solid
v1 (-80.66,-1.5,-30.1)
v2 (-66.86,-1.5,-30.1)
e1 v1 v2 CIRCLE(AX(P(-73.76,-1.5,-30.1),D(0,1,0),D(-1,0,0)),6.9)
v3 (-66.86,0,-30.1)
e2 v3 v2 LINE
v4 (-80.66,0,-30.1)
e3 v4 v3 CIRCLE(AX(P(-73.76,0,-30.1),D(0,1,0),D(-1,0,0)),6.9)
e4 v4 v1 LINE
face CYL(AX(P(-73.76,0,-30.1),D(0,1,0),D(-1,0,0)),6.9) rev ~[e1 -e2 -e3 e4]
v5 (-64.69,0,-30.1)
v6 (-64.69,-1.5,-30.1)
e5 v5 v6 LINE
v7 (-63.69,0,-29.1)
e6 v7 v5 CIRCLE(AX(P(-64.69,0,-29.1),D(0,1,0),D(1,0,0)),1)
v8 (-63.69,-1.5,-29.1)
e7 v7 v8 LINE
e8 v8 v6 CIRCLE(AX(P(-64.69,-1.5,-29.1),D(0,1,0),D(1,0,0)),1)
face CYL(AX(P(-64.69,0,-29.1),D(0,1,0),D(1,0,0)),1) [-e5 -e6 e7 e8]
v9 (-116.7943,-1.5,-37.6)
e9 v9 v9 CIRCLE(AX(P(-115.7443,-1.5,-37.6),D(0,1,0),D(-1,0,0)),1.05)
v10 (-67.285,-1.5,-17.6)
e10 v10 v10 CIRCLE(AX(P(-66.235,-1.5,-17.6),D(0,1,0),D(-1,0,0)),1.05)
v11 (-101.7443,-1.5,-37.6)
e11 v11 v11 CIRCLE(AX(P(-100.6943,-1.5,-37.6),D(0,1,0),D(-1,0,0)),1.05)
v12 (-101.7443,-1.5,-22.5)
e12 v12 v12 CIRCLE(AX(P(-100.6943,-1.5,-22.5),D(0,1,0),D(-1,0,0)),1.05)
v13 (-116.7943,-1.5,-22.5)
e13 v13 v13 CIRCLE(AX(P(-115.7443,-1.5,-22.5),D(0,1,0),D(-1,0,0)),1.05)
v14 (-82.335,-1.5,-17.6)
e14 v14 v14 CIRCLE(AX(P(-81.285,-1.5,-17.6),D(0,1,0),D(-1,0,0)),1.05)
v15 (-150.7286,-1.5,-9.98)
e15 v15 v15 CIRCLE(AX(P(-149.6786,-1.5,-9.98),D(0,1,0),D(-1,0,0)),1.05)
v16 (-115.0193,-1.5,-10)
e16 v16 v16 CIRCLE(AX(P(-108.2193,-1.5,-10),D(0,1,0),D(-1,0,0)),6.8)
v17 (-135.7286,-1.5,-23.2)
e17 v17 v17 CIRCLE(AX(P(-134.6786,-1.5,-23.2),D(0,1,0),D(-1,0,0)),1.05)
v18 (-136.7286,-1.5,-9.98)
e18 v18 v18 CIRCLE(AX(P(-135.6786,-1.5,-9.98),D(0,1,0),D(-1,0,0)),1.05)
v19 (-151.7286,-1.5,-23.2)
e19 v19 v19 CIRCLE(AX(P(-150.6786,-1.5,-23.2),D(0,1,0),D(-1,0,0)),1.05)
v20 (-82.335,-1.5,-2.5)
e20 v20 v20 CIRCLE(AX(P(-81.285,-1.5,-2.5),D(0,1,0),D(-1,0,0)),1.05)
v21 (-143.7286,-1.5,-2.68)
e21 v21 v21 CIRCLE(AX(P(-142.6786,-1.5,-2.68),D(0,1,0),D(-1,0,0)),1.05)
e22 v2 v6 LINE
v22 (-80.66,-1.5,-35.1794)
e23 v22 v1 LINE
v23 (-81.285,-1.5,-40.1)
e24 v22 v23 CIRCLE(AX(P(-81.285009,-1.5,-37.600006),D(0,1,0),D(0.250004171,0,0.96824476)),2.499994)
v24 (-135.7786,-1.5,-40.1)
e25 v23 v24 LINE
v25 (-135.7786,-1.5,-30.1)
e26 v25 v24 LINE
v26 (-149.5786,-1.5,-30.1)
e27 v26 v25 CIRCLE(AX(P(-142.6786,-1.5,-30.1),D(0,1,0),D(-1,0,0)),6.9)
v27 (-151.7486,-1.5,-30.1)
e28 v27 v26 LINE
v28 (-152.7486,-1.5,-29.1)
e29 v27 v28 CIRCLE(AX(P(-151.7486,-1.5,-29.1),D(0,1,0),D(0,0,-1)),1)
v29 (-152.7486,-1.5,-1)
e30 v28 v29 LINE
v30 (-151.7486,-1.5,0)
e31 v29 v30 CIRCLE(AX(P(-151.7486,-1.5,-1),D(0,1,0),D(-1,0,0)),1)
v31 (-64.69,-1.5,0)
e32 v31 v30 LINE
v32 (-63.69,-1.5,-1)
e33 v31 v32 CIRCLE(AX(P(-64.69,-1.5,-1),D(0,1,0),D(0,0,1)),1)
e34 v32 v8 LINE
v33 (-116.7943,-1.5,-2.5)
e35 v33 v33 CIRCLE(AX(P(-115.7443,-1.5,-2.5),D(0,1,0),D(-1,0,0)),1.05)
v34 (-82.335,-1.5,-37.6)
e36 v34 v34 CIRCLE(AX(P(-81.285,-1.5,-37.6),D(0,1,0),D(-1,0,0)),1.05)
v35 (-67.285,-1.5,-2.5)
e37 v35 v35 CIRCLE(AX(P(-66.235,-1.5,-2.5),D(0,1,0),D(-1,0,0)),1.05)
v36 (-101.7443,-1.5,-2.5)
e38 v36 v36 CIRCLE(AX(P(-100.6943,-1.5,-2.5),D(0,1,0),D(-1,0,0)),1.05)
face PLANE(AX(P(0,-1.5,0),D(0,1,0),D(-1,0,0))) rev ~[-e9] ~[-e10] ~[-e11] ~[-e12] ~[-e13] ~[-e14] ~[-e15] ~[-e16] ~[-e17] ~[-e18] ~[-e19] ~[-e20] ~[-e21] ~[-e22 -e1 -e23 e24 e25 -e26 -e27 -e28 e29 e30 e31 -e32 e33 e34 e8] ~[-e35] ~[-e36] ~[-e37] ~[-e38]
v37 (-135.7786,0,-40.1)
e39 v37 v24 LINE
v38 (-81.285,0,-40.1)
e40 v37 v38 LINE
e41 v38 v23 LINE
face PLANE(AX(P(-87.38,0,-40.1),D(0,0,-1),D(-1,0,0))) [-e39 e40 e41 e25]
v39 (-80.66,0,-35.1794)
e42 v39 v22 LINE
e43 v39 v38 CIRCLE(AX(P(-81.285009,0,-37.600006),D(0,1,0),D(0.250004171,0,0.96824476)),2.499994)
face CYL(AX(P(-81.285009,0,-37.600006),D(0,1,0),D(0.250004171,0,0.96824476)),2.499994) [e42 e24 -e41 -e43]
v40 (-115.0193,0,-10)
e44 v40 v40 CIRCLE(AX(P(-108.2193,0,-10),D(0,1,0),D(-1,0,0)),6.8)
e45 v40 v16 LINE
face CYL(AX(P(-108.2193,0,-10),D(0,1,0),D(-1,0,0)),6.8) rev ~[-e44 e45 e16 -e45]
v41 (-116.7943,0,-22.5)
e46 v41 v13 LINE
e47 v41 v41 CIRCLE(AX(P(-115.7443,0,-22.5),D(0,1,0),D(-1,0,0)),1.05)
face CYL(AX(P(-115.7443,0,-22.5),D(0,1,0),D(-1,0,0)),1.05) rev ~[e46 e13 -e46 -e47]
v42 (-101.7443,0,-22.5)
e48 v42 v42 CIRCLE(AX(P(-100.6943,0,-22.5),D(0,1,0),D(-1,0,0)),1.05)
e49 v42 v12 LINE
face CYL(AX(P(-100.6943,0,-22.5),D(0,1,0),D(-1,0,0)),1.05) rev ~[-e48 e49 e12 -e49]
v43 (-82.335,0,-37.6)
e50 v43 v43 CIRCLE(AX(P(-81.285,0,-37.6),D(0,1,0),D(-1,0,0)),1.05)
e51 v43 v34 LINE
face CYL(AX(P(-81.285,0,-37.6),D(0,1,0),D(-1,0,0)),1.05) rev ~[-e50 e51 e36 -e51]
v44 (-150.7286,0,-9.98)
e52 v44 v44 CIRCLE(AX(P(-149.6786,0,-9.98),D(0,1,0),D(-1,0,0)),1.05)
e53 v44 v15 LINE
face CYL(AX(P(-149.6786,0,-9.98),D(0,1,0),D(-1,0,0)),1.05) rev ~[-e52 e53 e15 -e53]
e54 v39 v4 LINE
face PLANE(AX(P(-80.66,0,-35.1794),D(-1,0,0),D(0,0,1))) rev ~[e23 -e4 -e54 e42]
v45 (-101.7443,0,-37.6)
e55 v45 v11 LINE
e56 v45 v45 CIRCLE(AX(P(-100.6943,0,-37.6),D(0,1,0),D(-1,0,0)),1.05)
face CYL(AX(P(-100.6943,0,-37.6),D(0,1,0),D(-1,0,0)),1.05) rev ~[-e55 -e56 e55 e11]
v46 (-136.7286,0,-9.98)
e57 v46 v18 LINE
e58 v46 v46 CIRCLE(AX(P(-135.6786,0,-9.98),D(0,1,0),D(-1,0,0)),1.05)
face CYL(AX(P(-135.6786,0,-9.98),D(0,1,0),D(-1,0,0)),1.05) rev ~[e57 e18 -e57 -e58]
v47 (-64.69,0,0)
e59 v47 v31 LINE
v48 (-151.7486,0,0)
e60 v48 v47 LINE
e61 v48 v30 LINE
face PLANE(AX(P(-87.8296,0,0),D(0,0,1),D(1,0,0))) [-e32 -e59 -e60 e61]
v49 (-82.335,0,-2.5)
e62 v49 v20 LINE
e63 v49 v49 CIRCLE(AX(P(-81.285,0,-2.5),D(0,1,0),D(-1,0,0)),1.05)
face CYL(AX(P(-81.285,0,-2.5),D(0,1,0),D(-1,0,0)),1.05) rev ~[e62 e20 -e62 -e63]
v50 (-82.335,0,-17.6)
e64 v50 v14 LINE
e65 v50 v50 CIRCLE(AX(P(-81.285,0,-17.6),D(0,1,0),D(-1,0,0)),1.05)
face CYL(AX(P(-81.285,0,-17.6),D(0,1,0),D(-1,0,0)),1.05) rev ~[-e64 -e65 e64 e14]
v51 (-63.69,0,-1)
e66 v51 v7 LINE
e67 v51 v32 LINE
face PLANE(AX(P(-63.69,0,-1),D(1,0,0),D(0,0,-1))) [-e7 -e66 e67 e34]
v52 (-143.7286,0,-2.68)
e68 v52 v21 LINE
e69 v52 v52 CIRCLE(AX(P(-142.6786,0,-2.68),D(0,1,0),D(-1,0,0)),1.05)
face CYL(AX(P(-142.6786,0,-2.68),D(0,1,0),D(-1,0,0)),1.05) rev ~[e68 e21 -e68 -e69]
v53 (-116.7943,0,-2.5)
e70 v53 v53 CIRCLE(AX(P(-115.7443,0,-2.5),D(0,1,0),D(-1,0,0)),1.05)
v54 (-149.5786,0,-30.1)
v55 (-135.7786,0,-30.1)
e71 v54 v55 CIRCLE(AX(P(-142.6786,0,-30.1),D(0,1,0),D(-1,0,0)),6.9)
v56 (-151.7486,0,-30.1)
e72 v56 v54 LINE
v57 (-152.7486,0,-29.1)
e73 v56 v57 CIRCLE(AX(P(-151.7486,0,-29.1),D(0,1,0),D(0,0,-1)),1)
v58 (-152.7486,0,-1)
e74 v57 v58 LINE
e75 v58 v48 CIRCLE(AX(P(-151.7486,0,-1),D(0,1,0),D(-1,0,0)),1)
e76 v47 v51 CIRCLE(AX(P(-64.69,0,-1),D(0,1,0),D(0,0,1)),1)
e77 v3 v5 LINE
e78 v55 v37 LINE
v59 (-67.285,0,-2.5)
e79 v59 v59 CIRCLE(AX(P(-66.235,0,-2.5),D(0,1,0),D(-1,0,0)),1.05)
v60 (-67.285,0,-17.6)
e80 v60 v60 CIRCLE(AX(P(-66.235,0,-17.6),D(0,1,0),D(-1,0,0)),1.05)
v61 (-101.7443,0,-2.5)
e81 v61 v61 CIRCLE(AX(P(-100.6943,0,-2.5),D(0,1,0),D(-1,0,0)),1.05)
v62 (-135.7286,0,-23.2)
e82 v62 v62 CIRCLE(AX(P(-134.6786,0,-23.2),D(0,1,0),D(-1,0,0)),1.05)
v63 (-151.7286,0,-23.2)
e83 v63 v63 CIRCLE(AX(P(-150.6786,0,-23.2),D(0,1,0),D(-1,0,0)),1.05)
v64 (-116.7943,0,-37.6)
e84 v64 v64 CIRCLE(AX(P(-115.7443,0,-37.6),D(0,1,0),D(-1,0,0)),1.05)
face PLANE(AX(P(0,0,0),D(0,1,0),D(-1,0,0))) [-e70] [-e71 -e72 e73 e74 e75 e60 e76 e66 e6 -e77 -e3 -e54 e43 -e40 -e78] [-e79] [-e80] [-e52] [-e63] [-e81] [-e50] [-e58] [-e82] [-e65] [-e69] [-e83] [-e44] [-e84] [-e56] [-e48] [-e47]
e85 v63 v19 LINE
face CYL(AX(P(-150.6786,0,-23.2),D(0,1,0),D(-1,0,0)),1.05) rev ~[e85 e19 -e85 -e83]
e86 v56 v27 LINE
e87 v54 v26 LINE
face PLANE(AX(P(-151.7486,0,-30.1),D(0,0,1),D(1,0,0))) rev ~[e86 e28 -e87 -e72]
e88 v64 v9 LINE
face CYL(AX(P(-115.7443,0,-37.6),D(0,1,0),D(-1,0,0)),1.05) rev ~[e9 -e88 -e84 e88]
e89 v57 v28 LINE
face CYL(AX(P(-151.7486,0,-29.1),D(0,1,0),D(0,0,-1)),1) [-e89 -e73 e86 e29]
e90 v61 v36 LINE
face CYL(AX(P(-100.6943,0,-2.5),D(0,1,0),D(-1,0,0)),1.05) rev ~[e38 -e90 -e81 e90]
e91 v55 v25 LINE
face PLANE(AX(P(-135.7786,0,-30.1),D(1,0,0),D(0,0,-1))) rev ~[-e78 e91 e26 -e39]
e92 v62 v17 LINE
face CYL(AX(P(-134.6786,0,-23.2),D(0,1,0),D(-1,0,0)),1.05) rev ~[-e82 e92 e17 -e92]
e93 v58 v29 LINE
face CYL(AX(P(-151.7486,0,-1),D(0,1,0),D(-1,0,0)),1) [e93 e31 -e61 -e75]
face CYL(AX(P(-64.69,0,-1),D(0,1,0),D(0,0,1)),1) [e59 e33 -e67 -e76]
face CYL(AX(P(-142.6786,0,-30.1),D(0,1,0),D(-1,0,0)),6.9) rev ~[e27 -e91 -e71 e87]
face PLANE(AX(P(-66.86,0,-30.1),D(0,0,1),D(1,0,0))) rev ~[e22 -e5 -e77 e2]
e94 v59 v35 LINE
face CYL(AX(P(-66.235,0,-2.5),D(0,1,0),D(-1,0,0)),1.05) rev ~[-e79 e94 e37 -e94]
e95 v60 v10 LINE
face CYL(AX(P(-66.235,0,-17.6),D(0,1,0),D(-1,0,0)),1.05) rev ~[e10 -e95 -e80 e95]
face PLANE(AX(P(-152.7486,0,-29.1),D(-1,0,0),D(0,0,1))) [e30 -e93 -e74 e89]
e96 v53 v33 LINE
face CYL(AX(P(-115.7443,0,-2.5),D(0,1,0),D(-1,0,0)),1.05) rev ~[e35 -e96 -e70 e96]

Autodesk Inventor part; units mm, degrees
ref_plane "YZ Plane" through (0, 0, 0) normal (1, 0, 0) x (0, 1, 0)
ref_plane "XZ Plane" through (0, 0, 0) normal (0, 1, 0) x (-1, 0, 0)
ref_plane "XY Plane" through (0, 0, 0) normal (0, 0, 1) x (1, 0, 0)
sketch "Sketch1" plane through (0, 0, 0) normal (0, 1, 0) x (-1, 0, 0)
  line L0 (87.8296, -40.1) -> (87.8296, 0)
  line L1 (128.6089, 0) -> (128.6089, -40.1)
  circle A0 centre (81.285, -37.6) radius 1.05
  circle A1 centre (66.235, -17.6) radius 1.05
  circle A2 centre (81.285, -17.6) radius 1.05
  circle A3 centre (66.235, -2.5) radius 1.05
  circle A4 centre (81.285, -2.5) radius 1.05
  circle A5 centre (115.7443, -37.6) radius 1.05
  circle A6 centre (100.6943, -37.6) radius 1.05
  circle A7 centre (115.7443, -22.5) radius 1.05
  circle A8 centre (100.6943, -22.5) radius 1.05
  circle A9 centre (115.7443, -2.5) radius 1.05
  circle A10 centre (100.6943, -2.5) radius 1.05
  circle A11 centre (108.2193, -10) radius 6.8
  circle A12 centre (142.6786, -2.68) radius 1.05
  circle A13 centre (149.6786, -9.98) radius 1.05
  circle A14 centre (135.6786, -9.98) radius 1.05
  circle A15 centre (150.6786, -23.2) radius 1.05
  circle A16 centre (134.6786, -23.2) radius 1.05
  arc A17 (64.69, 0) -> (63.69, -1) centre (64.69, -1) ccw
  arc A18 (152.7486, -1) -> (151.7486, 0) centre (151.7486, -1) ccw
  line L2 (152.7486, -29.1) -> (152.7486, -1)
  arc A19 (151.7486, -30.1) -> (152.7486, -29.1) centre (151.7486, -29.1) ccw
  line L3 (151.7486, -30.1) -> (149.5786, -30.1)
  arc A20 (149.5786, -30.1) -> (135.7786, -30.1) centre (142.6786, -30.1) ccw
  line L4 (135.7786, -30.1) -> (135.7786, -40.1)
  line L5 (81.285, -40.1) -> (135.7786, -40.1)
  arc A21 (80.66, -35.1794) -> (81.285, -40.1) centre (81.285, -37.6) ccw
  line L6 (80.66, -35.1794) -> (80.66, -30.1)
  arc A22 (80.66, -30.1) -> (66.86, -30.1) centre (73.76, -30.1) ccw
  line L7 (66.86, -30.1) -> (64.69, -30.1)
  arc A23 (63.69, -29.1) -> (64.69, -30.1) centre (64.69, -29.1) ccw
  line L8 (63.69, -1) -> (63.69, -29.1)
  line L9 (151.7486, 0) -> (64.69, 0)
  line L10 (129.0586, -40.1) -> (129.0586, 0)
  line L11 (128.1593, 0) -> (128.1593, -40.1)
  line L12 (88.2793, -40.1) -> (88.2793, 0)
  line L13 (87.38, 0) -> (87.38, -40.1)
extrude "Extrusion1" add sketch "Sketch1" against normal blind 1.5
properties part number "axis_3_top_frame"
